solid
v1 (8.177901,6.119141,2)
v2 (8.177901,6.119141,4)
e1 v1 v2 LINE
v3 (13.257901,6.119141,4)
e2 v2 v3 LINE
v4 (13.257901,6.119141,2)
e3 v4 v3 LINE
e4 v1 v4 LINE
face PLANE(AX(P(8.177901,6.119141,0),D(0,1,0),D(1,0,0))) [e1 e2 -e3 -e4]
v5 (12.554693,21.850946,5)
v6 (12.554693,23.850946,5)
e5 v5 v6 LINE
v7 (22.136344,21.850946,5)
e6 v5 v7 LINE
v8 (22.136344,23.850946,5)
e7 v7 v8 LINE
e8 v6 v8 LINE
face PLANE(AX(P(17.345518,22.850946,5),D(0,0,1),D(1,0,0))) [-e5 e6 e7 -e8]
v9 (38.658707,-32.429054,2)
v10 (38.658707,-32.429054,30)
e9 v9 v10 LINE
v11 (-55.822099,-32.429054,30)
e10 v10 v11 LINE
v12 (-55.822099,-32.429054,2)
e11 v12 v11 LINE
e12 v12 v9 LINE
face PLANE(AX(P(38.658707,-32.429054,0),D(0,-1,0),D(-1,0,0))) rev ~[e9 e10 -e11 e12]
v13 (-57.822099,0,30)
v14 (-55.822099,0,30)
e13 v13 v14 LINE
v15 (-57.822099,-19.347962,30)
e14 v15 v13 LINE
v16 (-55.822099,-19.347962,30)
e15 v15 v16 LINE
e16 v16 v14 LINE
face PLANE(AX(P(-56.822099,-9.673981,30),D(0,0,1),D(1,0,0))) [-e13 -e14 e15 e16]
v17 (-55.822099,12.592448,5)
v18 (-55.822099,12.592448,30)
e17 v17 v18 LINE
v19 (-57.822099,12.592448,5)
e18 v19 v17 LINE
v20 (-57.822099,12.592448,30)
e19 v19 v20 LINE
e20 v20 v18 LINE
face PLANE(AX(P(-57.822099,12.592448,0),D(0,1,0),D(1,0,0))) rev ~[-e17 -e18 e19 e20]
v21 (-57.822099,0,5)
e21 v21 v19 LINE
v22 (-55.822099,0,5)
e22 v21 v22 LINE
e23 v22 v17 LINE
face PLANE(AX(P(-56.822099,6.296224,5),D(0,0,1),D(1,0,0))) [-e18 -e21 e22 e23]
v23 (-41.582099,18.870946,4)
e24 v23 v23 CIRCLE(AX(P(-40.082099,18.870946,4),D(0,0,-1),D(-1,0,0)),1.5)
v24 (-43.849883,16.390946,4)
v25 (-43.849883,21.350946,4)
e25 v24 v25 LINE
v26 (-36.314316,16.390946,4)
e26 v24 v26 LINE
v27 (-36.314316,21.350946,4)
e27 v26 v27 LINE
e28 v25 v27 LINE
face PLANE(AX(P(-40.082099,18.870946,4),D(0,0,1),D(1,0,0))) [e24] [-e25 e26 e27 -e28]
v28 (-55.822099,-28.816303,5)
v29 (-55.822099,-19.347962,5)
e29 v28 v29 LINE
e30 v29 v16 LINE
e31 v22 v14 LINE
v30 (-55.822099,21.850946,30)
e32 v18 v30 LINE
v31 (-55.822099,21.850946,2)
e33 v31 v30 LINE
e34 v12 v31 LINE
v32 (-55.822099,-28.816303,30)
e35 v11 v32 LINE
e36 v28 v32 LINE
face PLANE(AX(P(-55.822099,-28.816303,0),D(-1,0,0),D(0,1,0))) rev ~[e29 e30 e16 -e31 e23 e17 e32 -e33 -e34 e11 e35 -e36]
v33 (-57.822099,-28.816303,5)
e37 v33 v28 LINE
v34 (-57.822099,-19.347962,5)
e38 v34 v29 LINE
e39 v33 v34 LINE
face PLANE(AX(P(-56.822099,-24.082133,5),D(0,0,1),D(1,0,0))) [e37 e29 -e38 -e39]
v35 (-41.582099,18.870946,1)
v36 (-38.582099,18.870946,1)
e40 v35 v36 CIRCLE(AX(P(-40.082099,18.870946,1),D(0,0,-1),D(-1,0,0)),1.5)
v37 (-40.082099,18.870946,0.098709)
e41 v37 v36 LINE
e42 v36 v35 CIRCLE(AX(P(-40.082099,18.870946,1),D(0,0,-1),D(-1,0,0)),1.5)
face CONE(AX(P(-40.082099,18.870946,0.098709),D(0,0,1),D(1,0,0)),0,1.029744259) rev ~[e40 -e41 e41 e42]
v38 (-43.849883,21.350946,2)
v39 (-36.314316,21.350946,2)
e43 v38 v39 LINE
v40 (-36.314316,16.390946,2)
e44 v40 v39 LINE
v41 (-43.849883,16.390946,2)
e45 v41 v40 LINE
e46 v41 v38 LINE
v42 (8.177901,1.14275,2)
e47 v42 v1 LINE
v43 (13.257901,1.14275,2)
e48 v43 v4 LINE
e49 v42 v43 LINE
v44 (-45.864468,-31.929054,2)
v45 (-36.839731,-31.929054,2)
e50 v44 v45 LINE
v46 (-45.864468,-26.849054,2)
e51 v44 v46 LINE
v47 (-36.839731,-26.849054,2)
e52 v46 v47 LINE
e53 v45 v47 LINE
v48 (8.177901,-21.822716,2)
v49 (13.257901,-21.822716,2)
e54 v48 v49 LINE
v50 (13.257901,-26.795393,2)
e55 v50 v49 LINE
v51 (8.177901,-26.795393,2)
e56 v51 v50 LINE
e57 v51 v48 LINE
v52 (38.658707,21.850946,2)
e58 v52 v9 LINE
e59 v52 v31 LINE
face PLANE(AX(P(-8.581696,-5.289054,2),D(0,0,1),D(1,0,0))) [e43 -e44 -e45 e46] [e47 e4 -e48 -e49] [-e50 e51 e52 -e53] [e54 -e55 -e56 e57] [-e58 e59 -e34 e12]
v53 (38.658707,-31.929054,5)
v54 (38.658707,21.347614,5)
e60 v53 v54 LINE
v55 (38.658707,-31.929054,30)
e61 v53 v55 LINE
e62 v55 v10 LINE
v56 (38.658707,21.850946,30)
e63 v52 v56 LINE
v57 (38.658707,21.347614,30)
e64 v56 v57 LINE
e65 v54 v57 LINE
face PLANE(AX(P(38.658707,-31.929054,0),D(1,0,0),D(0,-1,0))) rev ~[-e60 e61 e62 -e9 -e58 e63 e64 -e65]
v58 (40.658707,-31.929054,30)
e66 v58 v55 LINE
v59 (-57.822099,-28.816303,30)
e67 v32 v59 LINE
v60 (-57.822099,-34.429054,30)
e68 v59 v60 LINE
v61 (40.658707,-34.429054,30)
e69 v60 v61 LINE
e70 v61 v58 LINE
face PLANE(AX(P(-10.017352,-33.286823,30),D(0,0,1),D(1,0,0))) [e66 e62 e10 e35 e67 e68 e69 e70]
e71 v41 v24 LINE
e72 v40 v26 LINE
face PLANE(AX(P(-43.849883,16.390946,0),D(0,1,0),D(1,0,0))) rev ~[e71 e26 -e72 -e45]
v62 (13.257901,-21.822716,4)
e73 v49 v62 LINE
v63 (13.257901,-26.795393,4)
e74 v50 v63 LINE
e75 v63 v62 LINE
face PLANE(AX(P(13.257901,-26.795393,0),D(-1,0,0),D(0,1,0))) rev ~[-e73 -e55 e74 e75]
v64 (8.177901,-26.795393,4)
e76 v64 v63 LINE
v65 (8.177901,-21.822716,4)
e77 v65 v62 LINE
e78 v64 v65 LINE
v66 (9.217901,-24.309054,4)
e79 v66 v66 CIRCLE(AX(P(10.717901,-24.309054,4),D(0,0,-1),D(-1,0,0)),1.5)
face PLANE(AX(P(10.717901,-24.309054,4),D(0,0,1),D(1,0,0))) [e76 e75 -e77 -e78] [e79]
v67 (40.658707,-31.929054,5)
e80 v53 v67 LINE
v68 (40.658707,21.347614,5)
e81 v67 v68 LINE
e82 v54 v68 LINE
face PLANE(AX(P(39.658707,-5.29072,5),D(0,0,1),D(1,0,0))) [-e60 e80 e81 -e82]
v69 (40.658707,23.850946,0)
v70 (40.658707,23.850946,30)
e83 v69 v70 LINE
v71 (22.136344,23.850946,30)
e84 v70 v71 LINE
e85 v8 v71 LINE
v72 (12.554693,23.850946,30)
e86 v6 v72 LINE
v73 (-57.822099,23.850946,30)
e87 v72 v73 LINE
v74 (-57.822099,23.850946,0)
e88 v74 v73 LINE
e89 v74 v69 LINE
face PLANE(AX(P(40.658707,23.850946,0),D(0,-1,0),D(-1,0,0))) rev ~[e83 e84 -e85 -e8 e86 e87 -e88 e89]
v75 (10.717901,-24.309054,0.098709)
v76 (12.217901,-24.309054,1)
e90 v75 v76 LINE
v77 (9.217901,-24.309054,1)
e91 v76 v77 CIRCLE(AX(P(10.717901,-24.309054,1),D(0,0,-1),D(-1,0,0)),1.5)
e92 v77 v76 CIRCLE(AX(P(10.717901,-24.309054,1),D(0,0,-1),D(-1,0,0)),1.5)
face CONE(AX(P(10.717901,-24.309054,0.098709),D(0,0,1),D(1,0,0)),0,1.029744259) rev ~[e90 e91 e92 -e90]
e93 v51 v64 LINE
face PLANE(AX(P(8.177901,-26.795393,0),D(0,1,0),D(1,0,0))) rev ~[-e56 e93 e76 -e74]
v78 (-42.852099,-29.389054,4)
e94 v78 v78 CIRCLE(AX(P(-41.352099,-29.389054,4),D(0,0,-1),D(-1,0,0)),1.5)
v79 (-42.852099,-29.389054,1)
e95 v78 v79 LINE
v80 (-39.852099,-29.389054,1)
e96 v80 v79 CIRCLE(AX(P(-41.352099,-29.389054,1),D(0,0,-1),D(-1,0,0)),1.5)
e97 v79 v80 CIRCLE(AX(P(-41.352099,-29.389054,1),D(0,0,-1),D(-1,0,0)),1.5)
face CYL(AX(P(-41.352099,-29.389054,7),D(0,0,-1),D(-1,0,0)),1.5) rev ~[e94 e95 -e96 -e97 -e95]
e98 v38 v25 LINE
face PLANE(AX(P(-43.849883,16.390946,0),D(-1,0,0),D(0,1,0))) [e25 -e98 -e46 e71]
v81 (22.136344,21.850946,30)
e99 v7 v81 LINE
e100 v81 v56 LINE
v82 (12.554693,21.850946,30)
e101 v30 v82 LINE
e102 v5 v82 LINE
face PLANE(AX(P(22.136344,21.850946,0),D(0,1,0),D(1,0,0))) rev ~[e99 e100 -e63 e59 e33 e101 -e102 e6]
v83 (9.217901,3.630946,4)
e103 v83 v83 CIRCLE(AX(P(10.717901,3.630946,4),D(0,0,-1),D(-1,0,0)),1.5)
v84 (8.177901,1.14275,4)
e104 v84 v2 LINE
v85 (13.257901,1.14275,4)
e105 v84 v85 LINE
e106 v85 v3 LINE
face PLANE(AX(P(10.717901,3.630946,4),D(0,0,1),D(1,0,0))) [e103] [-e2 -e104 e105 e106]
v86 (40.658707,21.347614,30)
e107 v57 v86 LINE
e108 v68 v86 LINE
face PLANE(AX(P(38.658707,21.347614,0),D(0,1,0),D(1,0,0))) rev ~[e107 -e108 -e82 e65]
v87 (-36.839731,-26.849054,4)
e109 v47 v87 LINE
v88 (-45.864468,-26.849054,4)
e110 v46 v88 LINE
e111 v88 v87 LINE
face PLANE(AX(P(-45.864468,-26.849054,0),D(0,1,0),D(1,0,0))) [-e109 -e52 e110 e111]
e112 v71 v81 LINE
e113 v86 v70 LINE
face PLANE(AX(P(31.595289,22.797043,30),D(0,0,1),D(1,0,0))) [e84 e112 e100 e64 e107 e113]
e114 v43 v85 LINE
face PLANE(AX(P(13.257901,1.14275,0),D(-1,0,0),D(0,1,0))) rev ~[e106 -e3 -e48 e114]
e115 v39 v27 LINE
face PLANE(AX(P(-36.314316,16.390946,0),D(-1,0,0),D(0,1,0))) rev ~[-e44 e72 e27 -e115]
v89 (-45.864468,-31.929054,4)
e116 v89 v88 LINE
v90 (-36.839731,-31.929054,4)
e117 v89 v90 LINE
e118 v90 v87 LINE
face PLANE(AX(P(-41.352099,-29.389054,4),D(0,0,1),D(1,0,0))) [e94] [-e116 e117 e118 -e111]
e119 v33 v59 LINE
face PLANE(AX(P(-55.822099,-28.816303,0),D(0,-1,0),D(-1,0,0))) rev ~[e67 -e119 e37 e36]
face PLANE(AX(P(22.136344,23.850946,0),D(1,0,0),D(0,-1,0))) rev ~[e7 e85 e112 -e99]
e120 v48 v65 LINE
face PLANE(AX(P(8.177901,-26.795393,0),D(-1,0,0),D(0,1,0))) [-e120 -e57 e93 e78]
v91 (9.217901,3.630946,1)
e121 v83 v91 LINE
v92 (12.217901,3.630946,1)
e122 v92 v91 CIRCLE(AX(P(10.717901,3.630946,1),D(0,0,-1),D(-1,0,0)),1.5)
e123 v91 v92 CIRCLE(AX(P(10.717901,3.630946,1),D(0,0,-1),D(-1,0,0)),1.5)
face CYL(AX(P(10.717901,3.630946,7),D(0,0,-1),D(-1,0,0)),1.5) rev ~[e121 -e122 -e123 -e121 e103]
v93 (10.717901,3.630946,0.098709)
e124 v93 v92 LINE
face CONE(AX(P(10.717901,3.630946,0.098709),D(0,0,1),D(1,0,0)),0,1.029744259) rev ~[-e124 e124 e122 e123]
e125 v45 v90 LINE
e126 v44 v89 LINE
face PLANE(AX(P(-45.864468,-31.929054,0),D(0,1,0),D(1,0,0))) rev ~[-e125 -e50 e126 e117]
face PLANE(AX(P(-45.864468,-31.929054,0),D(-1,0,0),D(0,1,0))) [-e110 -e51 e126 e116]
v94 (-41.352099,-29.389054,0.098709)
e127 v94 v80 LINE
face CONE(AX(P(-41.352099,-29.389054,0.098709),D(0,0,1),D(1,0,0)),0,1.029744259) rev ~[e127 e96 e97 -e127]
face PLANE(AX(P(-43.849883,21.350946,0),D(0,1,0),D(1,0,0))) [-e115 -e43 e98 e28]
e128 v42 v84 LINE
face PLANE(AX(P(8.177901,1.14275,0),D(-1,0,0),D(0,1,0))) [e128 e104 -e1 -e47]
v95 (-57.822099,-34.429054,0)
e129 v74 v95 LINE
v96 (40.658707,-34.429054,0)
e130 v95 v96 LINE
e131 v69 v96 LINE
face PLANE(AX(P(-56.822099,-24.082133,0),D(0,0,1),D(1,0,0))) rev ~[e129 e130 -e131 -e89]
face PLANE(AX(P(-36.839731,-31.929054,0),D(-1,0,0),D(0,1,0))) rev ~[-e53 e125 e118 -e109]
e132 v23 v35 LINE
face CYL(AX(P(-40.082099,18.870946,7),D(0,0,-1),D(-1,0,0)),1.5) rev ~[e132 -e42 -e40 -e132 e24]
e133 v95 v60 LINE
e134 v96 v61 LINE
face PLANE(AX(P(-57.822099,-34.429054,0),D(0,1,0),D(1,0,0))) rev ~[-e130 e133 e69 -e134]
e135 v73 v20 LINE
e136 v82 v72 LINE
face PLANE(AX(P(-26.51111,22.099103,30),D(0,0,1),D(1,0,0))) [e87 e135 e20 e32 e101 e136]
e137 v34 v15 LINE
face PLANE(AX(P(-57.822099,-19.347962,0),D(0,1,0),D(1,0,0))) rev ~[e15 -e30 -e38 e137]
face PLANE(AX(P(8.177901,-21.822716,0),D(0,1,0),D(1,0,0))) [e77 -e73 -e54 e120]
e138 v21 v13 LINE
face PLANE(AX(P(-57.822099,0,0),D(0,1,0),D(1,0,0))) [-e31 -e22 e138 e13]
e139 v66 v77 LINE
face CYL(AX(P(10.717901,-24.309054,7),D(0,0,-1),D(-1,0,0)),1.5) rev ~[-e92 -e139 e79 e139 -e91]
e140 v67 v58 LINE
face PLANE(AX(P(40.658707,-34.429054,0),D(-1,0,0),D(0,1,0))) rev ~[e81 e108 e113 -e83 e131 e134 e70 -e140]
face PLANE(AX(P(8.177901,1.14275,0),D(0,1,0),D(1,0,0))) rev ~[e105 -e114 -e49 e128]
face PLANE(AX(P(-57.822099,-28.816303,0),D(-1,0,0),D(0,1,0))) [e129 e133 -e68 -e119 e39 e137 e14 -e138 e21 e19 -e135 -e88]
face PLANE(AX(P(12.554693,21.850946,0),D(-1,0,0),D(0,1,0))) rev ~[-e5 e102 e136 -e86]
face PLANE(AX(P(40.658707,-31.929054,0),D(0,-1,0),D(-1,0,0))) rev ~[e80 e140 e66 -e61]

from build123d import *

# Parameters (mm, degrees)
F0_W     = 9.0247368789
F0_H     = 5.08
F0_W_2   = 5.08
F0_H_2   = 4.9726772237
F0_W_3   = 7.5355667663
F0_H_3   = 4.96
F0_H_4   = 4.9763912218
F1_DEPTH = 2
F2_DEPTH = 4
F4_D     = 3
F4_DEPTH = 3
F4_TIP   = 0.9012909285
F0_W_4   = 2
F0_H_5   = 19.347961992
F5_DEPTH = 30
F0_H_6   = 9.4683412462
F0_H_7   = 12.5924479216
F0_W_5   = 9.5816506073
F0_H_8   = 2
F0_H_9   = 53.2766682494
F6_DEPTH = 5


with BuildPart() as f1:
    # F0 (on Top) → F1 (new body)
    with BuildSketch(Plane.XY):
        Polygon((12.5546930358, 21.8509457558), (-55.8220994771, 21.8509457558), (-55.8220994771, 12.5924479216), (-55.8220994771, 0), (-55.8220994771, -19.347961992), (-55.8220994771, -28.8163032383), (-55.8220994771, -32.4290542442), (38.6587072041, -32.4290542442), (38.6587072041, -31.9290542442), (38.6587072041, 21.3476140052), (38.6587072041, 21.8509457558), (22.1363436431, 21.8509457558), align=None)
        with Locations((-41.3520994771, -29.3890542442)):
            Rectangle(F0_W, F0_H, mode=Mode.SUBTRACT)
        with Locations((10.7179005229, -24.3090542442)):
            Rectangle(F0_W_2, F0_H_2, mode=Mode.SUBTRACT)
        with Locations((-40.0820994771, 18.8709457558)):
            Rectangle(F0_W_3, F0_H_3, mode=Mode.SUBTRACT)
        with Locations((10.7179005229, 3.6309457558)):
            Rectangle(F0_W_2, F0_H_4, mode=Mode.SUBTRACT)
    extrude(amount=F1_DEPTH)

    # F0 (on Top) → F2 (join)
    with BuildSketch(Plane.XY):
        with Locations((-40.0820994771, 18.8709457558)):
            Rectangle(F0_W_3, F0_H_3)
        with Locations((10.7179005229, 3.6309457558)):
            Rectangle(F0_W_2, F0_H_4)
        with Locations((10.7179005229, -24.3090542442)):
            Rectangle(F0_W_2, F0_H_2)
        with Locations((-41.3520994771, -29.3890542442)):
            Rectangle(F0_W, F0_H)
    extrude(amount=F2_DEPTH)

    # F4
    with Locations(Plane.XY.offset(4)):
        with Locations((-40.0820994771, 18.8709457558), (-41.3520994771, -29.3890542442), (10.7179005229, -24.3090542442), (10.7179005229, 3.6309457558)):
            Hole(F4_D / 2, depth=F4_DEPTH)
            with Locations((0, 0, -(F4_DEPTH + F4_TIP / 2))):  # 118° drill point
                Cone(0, F4_D / 2, F4_TIP, mode=Mode.SUBTRACT)

    # F0 (on Top) → F5 (join)
    with BuildSketch(Plane.XY):
        Polygon((-55.8220994771, -32.4290542442), (-55.8220994771, -28.8163032383), (-57.8220994771, -28.8163032383), (-57.8220994771, -34.4290542442), (40.6587072041, -34.4290542442), (40.6587072041, -31.9290542442), (38.6587072041, -31.9290542442), (38.6587072041, -32.4290542442), align=None)
        Polygon((-55.8220994771, 12.5924479216), (-55.8220994771, 21.8509457558), (12.5546930358, 21.8509457558), (12.5546930358, 23.8509457558), (-57.8220994771, 23.8509457558), (-57.8220994771, 12.5924479216), align=None)
        with Locations((-56.8220994771, -9.673980996)):
            Rectangle(F0_W_4, F0_H_5)
        Polygon((22.1363436431, 23.8509457558), (22.1363436431, 21.8509457558), (38.6587072041, 21.8509457558), (38.6587072041, 21.3476140052), (40.6587072041, 21.3476140052), (40.6587072041, 23.8509457558), align=None)
    extrude(amount=F5_DEPTH)

    # F0 (on Top) → F6 (join)
    with BuildSketch(Plane.XY):
        with Locations((-56.8220994771, -24.0821326151)):
            Rectangle(F0_W_4, F0_H_6)
        with Locations((-56.8220994771, 6.2962239608)):
            Rectangle(F0_W_4, F0_H_7)
        with Locations((17.3455183394, 22.8509457558)):
            Rectangle(F0_W_5, F0_H_8)
        with Locations((39.6587072041, -5.2907201195)):
            Rectangle(F0_W_4, F0_H_9)
    extrude(amount=F6_DEPTH)


solid = f1.part
